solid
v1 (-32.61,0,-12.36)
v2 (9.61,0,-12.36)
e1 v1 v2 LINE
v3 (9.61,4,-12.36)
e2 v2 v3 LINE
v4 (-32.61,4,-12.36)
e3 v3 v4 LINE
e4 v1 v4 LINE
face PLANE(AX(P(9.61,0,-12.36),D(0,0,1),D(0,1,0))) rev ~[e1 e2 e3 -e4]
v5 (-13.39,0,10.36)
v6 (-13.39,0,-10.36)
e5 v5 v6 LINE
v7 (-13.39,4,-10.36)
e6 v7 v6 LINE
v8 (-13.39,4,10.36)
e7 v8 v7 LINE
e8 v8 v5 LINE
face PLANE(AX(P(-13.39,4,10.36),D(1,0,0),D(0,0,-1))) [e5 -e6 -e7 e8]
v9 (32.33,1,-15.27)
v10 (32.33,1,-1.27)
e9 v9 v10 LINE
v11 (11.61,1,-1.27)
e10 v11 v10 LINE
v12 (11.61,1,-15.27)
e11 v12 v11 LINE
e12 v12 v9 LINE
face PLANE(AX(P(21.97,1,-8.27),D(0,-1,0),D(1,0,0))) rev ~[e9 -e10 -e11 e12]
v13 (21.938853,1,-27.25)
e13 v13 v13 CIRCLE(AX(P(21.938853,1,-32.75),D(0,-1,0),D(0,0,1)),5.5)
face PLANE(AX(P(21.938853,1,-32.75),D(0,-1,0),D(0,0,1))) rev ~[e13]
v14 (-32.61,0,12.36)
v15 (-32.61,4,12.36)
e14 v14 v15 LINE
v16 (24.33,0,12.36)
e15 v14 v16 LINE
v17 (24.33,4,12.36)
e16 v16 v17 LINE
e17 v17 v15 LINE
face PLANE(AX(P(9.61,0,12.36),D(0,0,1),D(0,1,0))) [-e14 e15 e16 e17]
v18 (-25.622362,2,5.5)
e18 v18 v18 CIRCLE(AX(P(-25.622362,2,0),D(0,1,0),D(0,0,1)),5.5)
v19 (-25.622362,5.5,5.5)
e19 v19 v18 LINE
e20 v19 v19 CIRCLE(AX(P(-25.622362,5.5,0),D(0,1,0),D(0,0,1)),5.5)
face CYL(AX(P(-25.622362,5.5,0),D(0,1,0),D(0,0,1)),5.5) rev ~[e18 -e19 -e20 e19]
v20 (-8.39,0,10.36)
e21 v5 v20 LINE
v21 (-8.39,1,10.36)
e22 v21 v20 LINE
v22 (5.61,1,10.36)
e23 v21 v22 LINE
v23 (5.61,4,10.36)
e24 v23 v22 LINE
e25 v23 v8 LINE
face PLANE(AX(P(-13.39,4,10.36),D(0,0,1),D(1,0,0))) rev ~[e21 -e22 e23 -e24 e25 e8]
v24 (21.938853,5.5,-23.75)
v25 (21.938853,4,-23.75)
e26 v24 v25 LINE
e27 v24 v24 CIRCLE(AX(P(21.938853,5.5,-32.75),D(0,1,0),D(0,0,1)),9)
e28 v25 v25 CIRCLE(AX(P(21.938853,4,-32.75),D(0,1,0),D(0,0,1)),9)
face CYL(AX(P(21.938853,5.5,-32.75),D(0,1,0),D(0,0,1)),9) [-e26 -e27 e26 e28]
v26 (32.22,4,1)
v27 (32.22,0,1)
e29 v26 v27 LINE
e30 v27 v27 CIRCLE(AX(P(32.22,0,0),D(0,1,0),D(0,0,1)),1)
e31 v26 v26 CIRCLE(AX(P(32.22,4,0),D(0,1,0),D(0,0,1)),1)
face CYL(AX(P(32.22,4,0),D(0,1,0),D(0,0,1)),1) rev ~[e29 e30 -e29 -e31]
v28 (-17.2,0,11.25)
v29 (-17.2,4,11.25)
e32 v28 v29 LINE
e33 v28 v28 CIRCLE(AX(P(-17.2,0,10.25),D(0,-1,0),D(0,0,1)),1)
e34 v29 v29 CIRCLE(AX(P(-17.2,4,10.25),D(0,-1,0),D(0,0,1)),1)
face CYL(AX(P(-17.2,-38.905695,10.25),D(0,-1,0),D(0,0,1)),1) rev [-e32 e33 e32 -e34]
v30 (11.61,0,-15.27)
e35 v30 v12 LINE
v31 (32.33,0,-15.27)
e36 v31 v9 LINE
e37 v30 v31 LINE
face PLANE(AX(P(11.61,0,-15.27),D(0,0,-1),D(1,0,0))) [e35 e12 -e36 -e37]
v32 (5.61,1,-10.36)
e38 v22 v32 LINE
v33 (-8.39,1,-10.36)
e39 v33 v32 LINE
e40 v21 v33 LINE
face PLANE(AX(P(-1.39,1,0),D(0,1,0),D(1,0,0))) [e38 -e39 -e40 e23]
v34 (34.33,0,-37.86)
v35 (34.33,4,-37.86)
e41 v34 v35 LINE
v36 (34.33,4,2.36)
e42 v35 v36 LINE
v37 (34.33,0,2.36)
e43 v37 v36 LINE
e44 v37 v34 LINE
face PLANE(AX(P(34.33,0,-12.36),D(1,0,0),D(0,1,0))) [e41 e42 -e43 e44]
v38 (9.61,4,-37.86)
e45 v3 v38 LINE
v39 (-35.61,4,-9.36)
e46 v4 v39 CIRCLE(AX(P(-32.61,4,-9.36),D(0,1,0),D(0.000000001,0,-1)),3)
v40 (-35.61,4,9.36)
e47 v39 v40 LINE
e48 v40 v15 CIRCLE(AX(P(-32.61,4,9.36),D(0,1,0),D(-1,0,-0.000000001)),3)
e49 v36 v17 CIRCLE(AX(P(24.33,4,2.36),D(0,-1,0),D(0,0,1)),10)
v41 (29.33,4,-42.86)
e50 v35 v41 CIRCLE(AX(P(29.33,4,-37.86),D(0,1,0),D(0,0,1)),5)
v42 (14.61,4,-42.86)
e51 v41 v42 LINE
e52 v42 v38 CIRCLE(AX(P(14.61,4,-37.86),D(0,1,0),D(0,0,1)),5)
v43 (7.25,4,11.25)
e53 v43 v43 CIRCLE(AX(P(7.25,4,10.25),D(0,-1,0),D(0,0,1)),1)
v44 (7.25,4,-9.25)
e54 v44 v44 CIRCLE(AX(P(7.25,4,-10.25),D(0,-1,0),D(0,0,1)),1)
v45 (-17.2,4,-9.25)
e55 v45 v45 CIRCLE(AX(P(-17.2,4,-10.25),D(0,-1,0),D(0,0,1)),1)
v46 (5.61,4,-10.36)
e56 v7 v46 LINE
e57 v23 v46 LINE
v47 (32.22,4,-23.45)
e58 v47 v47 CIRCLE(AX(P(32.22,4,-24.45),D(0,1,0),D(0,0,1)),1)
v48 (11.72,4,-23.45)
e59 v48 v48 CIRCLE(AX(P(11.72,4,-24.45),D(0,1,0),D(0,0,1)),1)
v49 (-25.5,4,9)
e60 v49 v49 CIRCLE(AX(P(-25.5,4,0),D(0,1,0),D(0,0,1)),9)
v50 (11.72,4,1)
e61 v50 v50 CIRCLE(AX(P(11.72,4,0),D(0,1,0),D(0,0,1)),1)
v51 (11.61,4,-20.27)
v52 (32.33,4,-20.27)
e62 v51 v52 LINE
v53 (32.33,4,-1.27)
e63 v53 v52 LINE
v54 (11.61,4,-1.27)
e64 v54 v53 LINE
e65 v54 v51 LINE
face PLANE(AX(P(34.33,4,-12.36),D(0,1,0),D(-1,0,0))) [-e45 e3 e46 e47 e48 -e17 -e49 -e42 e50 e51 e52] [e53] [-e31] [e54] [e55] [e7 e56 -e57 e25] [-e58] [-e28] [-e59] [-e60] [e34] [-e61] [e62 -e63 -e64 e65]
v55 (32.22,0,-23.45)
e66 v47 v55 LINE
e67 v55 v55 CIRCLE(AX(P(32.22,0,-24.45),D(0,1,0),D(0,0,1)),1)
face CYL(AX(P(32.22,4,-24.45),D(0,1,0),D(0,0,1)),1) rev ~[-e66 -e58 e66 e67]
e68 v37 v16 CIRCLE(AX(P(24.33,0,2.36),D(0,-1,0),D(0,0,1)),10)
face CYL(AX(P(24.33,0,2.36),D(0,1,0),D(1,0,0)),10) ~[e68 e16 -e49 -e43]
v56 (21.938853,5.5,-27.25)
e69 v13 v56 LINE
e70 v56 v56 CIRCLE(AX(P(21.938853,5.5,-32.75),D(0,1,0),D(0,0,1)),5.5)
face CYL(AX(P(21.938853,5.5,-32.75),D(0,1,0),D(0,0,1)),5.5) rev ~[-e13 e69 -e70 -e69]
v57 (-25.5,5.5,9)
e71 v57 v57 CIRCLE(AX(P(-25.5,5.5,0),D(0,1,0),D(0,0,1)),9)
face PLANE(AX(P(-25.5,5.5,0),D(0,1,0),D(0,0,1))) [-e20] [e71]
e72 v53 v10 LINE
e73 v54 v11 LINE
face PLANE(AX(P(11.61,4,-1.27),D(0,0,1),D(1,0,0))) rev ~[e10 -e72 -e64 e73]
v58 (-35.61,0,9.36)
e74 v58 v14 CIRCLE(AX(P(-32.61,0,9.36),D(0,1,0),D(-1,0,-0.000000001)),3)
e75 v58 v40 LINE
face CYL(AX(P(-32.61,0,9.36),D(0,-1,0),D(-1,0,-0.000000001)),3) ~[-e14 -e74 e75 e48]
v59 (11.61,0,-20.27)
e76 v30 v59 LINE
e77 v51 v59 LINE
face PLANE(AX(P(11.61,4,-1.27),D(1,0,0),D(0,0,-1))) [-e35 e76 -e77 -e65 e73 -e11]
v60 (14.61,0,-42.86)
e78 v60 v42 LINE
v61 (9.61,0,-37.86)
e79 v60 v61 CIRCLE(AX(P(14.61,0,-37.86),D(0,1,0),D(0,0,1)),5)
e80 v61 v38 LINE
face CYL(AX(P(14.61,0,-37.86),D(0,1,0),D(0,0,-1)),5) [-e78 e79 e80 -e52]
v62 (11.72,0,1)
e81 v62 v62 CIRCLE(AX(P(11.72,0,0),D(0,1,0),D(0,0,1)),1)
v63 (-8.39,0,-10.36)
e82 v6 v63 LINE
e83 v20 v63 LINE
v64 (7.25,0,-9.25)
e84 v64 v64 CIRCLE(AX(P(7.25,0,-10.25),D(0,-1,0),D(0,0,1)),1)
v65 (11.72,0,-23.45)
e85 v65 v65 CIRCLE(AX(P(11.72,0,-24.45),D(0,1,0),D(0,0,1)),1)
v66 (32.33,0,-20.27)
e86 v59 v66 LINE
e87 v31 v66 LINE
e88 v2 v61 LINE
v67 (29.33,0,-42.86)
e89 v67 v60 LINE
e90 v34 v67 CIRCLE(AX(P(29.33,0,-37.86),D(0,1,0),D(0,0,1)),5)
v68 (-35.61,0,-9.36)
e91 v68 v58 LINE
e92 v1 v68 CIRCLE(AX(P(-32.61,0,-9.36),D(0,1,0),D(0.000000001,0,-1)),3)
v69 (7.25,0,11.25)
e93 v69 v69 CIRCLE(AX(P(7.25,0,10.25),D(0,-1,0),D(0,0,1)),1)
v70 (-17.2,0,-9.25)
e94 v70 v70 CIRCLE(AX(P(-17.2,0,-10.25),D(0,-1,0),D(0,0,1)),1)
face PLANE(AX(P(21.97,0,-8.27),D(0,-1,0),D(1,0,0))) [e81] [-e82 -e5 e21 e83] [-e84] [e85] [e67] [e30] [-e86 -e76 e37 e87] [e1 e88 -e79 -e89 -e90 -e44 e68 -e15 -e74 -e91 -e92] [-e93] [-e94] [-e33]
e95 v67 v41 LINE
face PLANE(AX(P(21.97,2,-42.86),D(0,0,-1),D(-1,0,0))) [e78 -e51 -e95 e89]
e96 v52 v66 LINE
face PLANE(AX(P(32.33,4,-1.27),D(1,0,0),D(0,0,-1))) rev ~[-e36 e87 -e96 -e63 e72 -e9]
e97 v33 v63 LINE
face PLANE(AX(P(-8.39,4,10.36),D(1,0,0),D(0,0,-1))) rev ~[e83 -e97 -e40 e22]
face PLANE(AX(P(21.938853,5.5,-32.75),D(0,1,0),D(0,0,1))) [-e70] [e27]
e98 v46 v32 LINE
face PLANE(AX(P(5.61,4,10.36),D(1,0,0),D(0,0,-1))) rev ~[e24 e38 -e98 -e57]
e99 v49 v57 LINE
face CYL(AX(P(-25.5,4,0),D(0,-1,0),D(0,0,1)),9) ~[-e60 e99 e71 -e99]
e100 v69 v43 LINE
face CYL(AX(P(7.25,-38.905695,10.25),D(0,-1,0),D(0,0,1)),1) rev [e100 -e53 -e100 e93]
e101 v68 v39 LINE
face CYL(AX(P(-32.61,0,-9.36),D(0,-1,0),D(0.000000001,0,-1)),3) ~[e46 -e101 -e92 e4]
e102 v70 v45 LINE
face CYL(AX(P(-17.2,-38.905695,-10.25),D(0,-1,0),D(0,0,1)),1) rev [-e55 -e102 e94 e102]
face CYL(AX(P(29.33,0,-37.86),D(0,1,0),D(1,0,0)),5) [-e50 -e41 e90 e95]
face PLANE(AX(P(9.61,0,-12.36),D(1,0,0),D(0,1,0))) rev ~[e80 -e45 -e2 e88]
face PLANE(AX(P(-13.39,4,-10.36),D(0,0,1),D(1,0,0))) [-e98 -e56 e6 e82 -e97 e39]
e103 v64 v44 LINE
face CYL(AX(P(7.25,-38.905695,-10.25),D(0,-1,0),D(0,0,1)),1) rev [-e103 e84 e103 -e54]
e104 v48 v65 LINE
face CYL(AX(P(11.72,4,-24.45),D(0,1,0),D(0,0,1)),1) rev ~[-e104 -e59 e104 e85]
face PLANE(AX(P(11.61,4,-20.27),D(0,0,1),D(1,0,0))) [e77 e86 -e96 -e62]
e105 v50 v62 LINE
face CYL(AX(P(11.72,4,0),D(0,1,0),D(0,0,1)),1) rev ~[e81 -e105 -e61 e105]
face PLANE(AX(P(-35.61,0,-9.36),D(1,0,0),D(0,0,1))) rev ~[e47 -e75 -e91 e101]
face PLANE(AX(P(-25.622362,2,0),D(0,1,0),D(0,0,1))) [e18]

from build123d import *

# Parameters (mm, degrees)
EXTRUDE_1_DEPTH          = 4
CUT_EXTRUDE_1_DEPTH      = 38.905694823
CUT_EXTRUDE_1_DEPTH_BACK = 38.905694823
SKETCH_2_R               = 1
SKETCH_3_W               = 14
SKETCH_3_H               = 20.72
CUT_EXTRUDE_3_DEPTH      = 3
SKETCH_5_W               = 5
SKETCH_5_H               = 20.72
CUT_EXTRUDE_4_DEPTH      = 4
SKETCH_6_R               = 9
EXTRUDE_2_DEPTH          = 1.5
SKETCH_10_R              = 5.5
CUT_EXTRUDE_6_DEPTH      = 3.5
SKETCH_12_W              = 24.72
SKETCH_12_H              = 4
EXTRUDE_3_DEPTH          = 24.72
SKETCH_14_W              = 24.72
SKETCH_14_H              = 4
EXTRUDE_4_DEPTH          = 30.5
SKETCH_15_R              = 1
SKETCH_15_R_2            = 5.5
CUT_EXTRUDE_7_DEPTH      = 4
EXTRUDE_START            = 1.5
SKETCH_16_R              = 9
SKETCH_16_R_2            = 5.5
EXTRUDE_5_DEPTH          = 1.5
SKETCH_17_W              = 20.72
SKETCH_17_H              = 19
CUT_EXTRUDE_8_DEPTH      = 4
SKETCH_19_W              = 20.72
SKETCH_19_H              = 14
EXTRUDE_6_DEPTH          = 1
EXTRUDE_START_2          = -1
SKETCH_20_R              = 5.5
EXTRUDE_7_DEPTH          = 1
FILLET_1_R               = 5
FILLET_2_R               = 5
FILLET_6_R               = 10


with BuildPart() as part:
    # 草图1 → 凸台-拉伸1 (new body)
    with BuildSketch(Plane(origin=(0, 0, 0), x_dir=(1, 0, 0), z_dir=(0, 1, 0))):
        with BuildLine():
            Line((6.61, -12.36), (9.61, -12.36))
            Line((9.61, -12.36), (9.61, -9.36))
            Line((9.61, -9.36), (9.61, 9.36))
            Line((9.61, 9.36), (9.61, 12.36))
            Line((9.61, 12.36), (6.61, 12.36))
            Line((6.61, 12.36), (-32.61, 12.36))
            ThreePointArc((-32.61, 12.36), (-34.731320344, 11.481320344), (-35.61, 9.36))
            Line((-35.61, 9.36), (-35.61, -9.36))
            ThreePointArc((-35.61, -9.36), (-34.731320344, -11.481320344), (-32.61, -12.36))
            Line((-32.61, -12.36), (6.61, -12.36))
        make_face()
    extrude(amount=EXTRUDE_1_DEPTH)

    # 草图2 → 切除-拉伸1 (cut, two sides: drawn at the far end of the back side and taken through both)
    with BuildSketch(Plane(origin=(0, 0, 0), x_dir=(1, 0, 0), z_dir=(0, 1, 0)).offset(-CUT_EXTRUDE_1_DEPTH_BACK)):
        with Locations(Location((7.25, -10.25, 0), (0, 0, 270))):
            Circle(SKETCH_2_R)
        with Locations(Location((7.25, 10.25, 0), (0, 0, 270))):
            Circle(SKETCH_2_R)
        with Locations(Location((-17.2, -10.25, 0), (0, 0, 270))):
            Circle(SKETCH_2_R)
        with Locations(Location((-17.2, 10.25, 0), (0, 0, 270))):
            Circle(SKETCH_2_R)
    extrude(amount=CUT_EXTRUDE_1_DEPTH + CUT_EXTRUDE_1_DEPTH_BACK, mode=Mode.SUBTRACT)

    # 草图3 → 切除-拉伸3 (cut)
    with BuildSketch(Plane(origin=(0, 4, 0), x_dir=(1, 0, 0), z_dir=(0, 1, 0))):
        with Locations((-1.39, 0)):
            Rectangle(SKETCH_3_W, SKETCH_3_H)
    extrude(amount=-CUT_EXTRUDE_3_DEPTH, mode=Mode.SUBTRACT)

    # 草图5 → 切除-拉伸4 (cut)
    with BuildSketch(Plane(origin=(0, 4, 0), x_dir=(1, 0, 0), z_dir=(0, 1, 0))):
        with Locations((-10.89, 0)):
            Rectangle(SKETCH_5_W, SKETCH_5_H)
    extrude(amount=-CUT_EXTRUDE_4_DEPTH, mode=Mode.SUBTRACT)

    # 草图6 → 凸台-拉伸2 (add)
    with BuildSketch(Plane(origin=(0, 4, 0), x_dir=(1, 0, 0), z_dir=(0, 1, 0))):
        with Locations(Location((-25.5, 0, 0), (0, 0, 270))):
            Circle(SKETCH_6_R)
    extrude(amount=EXTRUDE_2_DEPTH)

    # 草图10 → 切除-拉伸6 (cut)
    with BuildSketch(Plane(origin=(0, 5.5, 0), x_dir=(1, 0, 0), z_dir=(0, 1, 0))):
        with Locations(Location((-25.62236192, 0, 0), (0, 0, 270))):
            Circle(SKETCH_10_R)
    extrude(amount=-CUT_EXTRUDE_6_DEPTH, mode=Mode.SUBTRACT)

    # 草图12 → 凸台-拉伸3 (add)
    with BuildSketch(Plane(origin=(9.61, 0, 0), x_dir=(0, 0, -1), z_dir=(1, 0, 0))):
        with Locations((0, 2)):
            Rectangle(SKETCH_12_W, SKETCH_12_H)
    extrude(amount=EXTRUDE_3_DEPTH)

    # 草图14 → 凸台-拉伸4 (add)
    with BuildSketch(Plane(origin=(0, 0, -12.36), x_dir=(-1, 0, 0), z_dir=(0, 0, -1))):
        with Locations((-21.97, 2)):
            Rectangle(SKETCH_14_W, SKETCH_14_H)
    extrude(amount=EXTRUDE_4_DEPTH)

    # 草图15 → 切除-拉伸7 (cut)
    with BuildSketch(Plane(origin=(0, 4, 0), x_dir=(1, 0, 0), z_dir=(0, 1, 0))):
        with Locations(Location((11.72, 24.45, 0), (0, 0, 270))):
            Circle(SKETCH_15_R)
        with Locations(Location((32.22, 24.45, 0), (0, 0, 270))):
            Circle(SKETCH_15_R)
        with Locations(Location((11.72, 0, 0), (0, 0, 270))):
            Circle(SKETCH_15_R)
        with Locations(Location((32.22, 0, 0), (0, 0, 270))):
            Circle(SKETCH_15_R)
        with Locations(Location((21.938853273, 32.75, 0), (0, 0, 270))):
            Circle(SKETCH_15_R_2)
    extrude(amount=-CUT_EXTRUDE_7_DEPTH, mode=Mode.SUBTRACT)

    # 草图16 → 凸台-拉伸5 (add)
    with BuildSketch(Plane(origin=(0, 4, 0), x_dir=(1, 0, 0), z_dir=(0, 1, 0)).offset(EXTRUDE_START)):
        with Locations(Location((21.938853273, 32.75, 0), (0, 0, 270))):
            Circle(SKETCH_16_R)
        with Locations(Location((21.938853273, 32.75, 0), (0, 0, 270))):
            Circle(SKETCH_16_R_2, mode=Mode.SUBTRACT)
    extrude(amount=-EXTRUDE_5_DEPTH)

    # 草图17 → 切除-拉伸8 (cut)
    with BuildSketch(Plane(origin=(0, 4, 0), x_dir=(1, 0, 0), z_dir=(0, 1, 0))):
        with Locations((21.97, 10.77)):
            Rectangle(SKETCH_17_W, SKETCH_17_H)
    extrude(amount=-CUT_EXTRUDE_8_DEPTH, mode=Mode.SUBTRACT)

    # 草图19 → 凸台-拉伸6 (add)
    with BuildSketch(Plane.XZ):
        with Locations((21.97, -8.27)):
            Rectangle(SKETCH_19_W, SKETCH_19_H)
    extrude(amount=-EXTRUDE_6_DEPTH)

    # 草图20 → 凸台-拉伸7 (add)
    with BuildSketch(Plane.XZ.offset(EXTRUDE_START_2)):
        with Locations(Location((21.938853273, -32.75, 0), (0, 0, 90))):
            Circle(SKETCH_20_R)
    extrude(amount=EXTRUDE_7_DEPTH)

    # 圆角1
    fillet_1_edges = [part.edges().sort_by_distance(p)[0] for p in [
        (34.33, 2, -42.86),
    ]]
    fillet(fillet_1_edges, radius=FILLET_1_R)

    # 圆角2
    fillet_2_edges = [part.edges().sort_by_distance(p)[0] for p in [
        (9.61, 2, -42.86),
    ]]
    fillet(fillet_2_edges, radius=FILLET_2_R)

    # 圆角6
    fillet_6_edges = [part.edges().sort_by_distance(p)[0] for p in [
        (34.33, 2, 12.36),
    ]]
    fillet(fillet_6_edges, radius=FILLET_6_R)


solid = part.part
